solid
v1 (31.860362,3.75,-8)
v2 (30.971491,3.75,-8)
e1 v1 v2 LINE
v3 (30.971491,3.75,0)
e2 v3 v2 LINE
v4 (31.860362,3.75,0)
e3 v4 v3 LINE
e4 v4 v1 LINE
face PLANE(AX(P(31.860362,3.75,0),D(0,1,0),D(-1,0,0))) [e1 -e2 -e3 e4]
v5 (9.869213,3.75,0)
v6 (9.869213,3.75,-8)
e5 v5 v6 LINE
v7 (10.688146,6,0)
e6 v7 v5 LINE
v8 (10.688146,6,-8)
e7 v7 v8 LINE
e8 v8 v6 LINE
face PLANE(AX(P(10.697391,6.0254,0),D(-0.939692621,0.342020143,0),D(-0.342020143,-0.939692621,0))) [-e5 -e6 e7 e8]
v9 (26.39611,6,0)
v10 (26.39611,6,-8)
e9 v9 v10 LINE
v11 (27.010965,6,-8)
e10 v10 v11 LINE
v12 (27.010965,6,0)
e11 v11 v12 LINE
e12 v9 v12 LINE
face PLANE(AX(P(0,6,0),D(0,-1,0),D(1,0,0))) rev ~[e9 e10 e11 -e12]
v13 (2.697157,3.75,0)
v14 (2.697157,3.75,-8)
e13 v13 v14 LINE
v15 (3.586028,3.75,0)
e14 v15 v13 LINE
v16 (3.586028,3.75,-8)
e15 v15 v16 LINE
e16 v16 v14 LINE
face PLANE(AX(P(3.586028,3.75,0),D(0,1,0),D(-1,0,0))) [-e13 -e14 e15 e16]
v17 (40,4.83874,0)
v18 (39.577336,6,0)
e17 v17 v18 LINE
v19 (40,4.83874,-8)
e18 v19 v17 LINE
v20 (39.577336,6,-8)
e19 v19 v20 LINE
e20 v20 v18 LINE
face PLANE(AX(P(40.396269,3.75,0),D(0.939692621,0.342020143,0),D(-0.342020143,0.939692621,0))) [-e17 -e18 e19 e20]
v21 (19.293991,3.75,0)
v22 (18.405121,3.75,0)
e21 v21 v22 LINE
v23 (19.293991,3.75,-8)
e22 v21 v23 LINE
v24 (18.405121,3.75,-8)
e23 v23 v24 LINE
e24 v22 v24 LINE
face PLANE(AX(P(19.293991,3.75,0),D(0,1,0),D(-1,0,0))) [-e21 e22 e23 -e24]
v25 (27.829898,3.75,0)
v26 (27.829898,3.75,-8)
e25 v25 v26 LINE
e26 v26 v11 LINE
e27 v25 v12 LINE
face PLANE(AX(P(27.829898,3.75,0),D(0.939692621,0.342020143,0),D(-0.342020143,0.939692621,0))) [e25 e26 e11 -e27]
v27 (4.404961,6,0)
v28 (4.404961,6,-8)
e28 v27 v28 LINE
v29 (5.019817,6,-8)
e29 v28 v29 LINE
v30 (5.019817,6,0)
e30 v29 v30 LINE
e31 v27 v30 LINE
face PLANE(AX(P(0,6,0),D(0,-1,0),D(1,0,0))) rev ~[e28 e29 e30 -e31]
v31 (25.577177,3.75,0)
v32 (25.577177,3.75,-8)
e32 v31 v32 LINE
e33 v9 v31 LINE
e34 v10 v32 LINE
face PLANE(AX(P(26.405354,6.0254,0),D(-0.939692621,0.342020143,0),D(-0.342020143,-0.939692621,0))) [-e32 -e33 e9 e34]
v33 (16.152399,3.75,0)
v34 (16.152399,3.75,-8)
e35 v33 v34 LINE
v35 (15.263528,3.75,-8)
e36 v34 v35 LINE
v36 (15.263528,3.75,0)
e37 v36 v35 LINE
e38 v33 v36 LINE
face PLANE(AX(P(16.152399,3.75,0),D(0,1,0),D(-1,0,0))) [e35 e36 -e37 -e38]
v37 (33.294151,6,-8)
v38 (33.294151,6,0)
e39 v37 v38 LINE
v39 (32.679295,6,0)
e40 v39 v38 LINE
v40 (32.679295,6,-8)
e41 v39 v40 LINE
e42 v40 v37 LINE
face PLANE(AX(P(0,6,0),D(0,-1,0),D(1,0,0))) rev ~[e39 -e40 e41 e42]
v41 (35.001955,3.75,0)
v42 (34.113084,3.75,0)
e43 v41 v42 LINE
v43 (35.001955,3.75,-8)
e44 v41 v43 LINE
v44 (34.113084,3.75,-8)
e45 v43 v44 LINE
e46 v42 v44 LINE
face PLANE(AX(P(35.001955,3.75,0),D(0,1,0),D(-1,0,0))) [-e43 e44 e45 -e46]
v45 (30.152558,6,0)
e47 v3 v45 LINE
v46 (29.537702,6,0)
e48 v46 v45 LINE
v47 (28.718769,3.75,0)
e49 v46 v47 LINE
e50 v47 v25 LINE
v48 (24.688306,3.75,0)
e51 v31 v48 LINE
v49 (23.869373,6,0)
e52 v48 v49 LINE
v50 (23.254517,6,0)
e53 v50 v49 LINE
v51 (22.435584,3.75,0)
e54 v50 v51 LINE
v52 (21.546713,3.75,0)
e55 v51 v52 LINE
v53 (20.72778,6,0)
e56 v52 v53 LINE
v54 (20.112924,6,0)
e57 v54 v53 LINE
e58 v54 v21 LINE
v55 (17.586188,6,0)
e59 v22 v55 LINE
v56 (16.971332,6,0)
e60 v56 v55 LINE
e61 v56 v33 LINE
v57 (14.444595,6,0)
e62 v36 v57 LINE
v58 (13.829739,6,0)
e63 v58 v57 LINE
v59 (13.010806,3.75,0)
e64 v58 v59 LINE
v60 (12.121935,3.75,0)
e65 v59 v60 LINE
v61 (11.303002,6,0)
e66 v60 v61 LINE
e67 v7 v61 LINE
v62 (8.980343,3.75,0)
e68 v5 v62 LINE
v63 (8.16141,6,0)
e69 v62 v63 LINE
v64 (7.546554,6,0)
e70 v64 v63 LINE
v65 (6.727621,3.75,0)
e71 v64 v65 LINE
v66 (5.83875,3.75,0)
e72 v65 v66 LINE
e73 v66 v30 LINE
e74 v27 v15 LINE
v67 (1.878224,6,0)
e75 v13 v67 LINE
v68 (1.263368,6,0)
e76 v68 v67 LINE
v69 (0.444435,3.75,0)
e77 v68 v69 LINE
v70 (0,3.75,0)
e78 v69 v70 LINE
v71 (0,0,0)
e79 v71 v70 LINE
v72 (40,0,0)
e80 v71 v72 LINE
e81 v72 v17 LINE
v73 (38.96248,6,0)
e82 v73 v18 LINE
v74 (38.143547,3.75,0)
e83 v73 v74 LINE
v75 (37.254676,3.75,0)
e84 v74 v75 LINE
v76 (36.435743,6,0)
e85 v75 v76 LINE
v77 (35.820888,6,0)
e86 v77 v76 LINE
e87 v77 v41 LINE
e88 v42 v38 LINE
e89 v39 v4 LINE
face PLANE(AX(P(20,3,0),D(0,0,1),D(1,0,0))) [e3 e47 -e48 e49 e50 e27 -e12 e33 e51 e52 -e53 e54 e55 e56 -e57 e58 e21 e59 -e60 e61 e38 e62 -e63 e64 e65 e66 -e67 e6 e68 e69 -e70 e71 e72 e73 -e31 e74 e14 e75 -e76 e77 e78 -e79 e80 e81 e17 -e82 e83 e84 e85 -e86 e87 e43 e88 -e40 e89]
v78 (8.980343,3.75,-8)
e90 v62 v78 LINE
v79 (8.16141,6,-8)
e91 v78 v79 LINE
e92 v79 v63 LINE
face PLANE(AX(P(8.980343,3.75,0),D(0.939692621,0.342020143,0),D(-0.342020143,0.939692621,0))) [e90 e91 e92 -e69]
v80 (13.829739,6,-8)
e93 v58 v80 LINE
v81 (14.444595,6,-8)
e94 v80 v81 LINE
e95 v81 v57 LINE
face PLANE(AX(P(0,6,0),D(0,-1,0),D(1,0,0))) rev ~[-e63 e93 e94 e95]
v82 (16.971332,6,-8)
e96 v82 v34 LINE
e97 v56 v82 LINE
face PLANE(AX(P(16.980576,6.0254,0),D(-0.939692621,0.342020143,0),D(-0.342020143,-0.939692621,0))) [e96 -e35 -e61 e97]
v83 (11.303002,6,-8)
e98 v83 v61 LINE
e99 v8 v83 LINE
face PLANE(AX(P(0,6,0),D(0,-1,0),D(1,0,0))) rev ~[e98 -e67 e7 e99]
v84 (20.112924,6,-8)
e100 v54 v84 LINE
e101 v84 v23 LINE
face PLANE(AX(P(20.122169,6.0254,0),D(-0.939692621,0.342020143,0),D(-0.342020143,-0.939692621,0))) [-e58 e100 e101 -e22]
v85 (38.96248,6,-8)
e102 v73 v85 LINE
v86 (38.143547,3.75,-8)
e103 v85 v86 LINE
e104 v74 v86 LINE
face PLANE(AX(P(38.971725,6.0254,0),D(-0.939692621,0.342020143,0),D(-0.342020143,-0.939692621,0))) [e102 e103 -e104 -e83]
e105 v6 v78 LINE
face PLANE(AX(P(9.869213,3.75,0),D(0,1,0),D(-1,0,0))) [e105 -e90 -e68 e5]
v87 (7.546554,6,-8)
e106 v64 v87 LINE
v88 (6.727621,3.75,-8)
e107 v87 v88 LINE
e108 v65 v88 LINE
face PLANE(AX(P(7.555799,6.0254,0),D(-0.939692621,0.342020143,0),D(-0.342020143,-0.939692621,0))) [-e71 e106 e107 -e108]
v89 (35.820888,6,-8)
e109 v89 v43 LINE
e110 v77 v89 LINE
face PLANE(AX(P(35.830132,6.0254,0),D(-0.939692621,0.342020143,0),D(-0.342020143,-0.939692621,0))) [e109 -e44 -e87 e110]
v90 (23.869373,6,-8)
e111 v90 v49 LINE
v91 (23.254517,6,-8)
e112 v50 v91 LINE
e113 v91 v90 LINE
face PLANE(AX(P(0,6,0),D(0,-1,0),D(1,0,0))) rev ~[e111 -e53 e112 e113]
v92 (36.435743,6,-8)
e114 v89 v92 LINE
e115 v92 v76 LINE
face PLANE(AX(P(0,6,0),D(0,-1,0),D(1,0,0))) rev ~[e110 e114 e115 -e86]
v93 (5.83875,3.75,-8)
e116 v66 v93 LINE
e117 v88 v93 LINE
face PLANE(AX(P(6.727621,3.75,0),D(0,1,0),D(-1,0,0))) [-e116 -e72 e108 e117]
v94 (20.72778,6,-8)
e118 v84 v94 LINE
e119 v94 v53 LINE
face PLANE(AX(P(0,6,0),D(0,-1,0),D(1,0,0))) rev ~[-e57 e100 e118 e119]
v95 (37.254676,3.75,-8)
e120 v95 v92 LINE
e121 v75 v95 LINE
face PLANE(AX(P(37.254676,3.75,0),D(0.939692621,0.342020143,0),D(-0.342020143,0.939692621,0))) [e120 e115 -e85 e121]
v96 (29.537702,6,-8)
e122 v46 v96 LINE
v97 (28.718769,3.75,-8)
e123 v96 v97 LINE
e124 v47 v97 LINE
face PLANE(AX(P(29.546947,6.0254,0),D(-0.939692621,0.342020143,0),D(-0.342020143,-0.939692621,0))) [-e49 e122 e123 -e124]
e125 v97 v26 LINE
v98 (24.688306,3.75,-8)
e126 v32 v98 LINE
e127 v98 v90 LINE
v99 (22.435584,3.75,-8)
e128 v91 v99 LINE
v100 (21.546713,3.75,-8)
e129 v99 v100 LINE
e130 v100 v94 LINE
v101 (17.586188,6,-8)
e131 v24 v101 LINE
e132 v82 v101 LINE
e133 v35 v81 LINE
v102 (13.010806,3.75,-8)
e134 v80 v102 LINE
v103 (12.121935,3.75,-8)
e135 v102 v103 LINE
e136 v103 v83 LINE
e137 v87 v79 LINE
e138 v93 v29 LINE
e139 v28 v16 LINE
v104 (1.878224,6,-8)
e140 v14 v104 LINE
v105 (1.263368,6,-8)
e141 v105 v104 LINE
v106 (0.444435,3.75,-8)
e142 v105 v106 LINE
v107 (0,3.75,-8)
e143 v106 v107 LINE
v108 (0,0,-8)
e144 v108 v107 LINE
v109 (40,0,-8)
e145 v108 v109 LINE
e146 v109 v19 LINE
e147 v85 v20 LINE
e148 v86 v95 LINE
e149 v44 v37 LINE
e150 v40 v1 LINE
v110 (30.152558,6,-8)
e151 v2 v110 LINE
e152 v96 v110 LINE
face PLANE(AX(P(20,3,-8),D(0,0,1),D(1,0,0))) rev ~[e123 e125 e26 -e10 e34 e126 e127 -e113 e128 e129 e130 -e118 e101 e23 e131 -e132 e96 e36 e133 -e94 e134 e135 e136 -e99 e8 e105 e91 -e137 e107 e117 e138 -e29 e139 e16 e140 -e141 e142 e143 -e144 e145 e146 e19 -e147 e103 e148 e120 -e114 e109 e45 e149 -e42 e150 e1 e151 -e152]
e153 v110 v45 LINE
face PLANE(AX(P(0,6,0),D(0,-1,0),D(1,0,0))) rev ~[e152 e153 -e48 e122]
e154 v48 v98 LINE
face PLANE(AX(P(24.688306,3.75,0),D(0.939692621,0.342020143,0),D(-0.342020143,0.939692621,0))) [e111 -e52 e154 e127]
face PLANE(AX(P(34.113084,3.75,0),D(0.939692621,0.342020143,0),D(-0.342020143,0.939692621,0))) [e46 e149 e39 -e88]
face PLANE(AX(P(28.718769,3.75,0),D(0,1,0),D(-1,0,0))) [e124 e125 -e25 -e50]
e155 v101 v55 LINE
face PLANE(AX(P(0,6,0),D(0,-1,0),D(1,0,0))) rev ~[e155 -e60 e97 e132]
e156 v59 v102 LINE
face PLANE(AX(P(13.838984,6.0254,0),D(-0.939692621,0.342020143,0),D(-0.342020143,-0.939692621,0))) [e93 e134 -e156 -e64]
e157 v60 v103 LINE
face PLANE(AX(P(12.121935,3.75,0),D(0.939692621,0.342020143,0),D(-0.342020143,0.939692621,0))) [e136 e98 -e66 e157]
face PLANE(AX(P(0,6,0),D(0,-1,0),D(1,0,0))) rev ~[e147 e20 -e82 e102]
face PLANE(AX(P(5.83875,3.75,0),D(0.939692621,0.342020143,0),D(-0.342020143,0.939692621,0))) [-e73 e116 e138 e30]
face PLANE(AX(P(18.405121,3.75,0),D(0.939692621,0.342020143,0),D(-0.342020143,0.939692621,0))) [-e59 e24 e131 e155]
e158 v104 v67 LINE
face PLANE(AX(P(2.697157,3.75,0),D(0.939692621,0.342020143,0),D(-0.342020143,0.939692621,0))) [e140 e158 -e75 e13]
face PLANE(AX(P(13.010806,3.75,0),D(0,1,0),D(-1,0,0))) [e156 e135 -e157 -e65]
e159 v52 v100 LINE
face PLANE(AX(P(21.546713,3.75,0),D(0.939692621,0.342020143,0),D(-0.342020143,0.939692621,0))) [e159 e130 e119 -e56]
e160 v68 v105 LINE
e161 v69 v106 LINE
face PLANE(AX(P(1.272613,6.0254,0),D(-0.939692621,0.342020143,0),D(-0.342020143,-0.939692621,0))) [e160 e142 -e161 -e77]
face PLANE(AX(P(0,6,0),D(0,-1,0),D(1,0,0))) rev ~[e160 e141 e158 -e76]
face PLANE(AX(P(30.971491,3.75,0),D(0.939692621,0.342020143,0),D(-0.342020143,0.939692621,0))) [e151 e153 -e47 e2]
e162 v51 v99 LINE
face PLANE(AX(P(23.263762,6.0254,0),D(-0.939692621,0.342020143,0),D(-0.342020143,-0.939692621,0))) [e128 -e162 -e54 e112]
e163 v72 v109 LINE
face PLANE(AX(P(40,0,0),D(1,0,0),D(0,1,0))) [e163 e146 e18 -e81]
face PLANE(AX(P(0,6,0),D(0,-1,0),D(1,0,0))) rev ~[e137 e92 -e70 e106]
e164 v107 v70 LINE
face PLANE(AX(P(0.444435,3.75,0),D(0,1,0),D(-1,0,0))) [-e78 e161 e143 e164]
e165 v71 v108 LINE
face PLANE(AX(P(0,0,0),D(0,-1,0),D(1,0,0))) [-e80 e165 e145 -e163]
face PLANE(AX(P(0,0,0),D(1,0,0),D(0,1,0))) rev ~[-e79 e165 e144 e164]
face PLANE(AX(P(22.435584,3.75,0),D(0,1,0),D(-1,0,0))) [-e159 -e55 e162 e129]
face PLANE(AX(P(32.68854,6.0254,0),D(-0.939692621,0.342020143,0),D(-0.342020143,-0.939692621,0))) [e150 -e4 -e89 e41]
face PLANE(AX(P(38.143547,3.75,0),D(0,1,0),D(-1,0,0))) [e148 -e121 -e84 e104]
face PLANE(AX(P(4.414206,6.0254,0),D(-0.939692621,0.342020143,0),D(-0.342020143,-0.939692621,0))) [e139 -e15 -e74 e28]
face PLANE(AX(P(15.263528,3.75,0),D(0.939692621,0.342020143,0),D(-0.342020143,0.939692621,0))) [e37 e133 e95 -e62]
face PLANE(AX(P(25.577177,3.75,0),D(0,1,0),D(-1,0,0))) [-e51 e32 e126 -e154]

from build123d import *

# Parameters (mm, degrees)
BLANKSKE_W        = 40
BLANKSKE_H        = 6
BLANK_DEPTH       = 8
TOOTHCUTSIM_DEPTH = 42.231056256
TEETHCUTS_COUNT   = 14
TEETHCUTS_PITCH   = 3.14159265


with BuildPart() as part:
    # BlankSke → Blank (new body)
    with BuildSketch(Plane.XY):
        with Locations((20, 3)):
            Rectangle(BLANKSKE_W, BLANKSKE_H)
    extrude(amount=-BLANK_DEPTH)

    # TooCutSkeSim → ToothCutSim (cut, through all)
    with BuildSketch(Plane.XY):
        Polygon((0.44443537, 3.75), (-0.44443537, 3.75), (-1.272613241, 6.0254), (1.272613241, 6.0254), align=None)
    toothcutsim = extrude(amount=-TOOTHCUTSIM_DEPTH, mode=Mode.SUBTRACT)

    # TeethCuts: ToothCutSim ×14
    with Locations(*[(i * TEETHCUTS_PITCH, 0, 0) for i in range(1, TEETHCUTS_COUNT)]):
        add(toothcutsim, mode=Mode.SUBTRACT)


solid = part.part
